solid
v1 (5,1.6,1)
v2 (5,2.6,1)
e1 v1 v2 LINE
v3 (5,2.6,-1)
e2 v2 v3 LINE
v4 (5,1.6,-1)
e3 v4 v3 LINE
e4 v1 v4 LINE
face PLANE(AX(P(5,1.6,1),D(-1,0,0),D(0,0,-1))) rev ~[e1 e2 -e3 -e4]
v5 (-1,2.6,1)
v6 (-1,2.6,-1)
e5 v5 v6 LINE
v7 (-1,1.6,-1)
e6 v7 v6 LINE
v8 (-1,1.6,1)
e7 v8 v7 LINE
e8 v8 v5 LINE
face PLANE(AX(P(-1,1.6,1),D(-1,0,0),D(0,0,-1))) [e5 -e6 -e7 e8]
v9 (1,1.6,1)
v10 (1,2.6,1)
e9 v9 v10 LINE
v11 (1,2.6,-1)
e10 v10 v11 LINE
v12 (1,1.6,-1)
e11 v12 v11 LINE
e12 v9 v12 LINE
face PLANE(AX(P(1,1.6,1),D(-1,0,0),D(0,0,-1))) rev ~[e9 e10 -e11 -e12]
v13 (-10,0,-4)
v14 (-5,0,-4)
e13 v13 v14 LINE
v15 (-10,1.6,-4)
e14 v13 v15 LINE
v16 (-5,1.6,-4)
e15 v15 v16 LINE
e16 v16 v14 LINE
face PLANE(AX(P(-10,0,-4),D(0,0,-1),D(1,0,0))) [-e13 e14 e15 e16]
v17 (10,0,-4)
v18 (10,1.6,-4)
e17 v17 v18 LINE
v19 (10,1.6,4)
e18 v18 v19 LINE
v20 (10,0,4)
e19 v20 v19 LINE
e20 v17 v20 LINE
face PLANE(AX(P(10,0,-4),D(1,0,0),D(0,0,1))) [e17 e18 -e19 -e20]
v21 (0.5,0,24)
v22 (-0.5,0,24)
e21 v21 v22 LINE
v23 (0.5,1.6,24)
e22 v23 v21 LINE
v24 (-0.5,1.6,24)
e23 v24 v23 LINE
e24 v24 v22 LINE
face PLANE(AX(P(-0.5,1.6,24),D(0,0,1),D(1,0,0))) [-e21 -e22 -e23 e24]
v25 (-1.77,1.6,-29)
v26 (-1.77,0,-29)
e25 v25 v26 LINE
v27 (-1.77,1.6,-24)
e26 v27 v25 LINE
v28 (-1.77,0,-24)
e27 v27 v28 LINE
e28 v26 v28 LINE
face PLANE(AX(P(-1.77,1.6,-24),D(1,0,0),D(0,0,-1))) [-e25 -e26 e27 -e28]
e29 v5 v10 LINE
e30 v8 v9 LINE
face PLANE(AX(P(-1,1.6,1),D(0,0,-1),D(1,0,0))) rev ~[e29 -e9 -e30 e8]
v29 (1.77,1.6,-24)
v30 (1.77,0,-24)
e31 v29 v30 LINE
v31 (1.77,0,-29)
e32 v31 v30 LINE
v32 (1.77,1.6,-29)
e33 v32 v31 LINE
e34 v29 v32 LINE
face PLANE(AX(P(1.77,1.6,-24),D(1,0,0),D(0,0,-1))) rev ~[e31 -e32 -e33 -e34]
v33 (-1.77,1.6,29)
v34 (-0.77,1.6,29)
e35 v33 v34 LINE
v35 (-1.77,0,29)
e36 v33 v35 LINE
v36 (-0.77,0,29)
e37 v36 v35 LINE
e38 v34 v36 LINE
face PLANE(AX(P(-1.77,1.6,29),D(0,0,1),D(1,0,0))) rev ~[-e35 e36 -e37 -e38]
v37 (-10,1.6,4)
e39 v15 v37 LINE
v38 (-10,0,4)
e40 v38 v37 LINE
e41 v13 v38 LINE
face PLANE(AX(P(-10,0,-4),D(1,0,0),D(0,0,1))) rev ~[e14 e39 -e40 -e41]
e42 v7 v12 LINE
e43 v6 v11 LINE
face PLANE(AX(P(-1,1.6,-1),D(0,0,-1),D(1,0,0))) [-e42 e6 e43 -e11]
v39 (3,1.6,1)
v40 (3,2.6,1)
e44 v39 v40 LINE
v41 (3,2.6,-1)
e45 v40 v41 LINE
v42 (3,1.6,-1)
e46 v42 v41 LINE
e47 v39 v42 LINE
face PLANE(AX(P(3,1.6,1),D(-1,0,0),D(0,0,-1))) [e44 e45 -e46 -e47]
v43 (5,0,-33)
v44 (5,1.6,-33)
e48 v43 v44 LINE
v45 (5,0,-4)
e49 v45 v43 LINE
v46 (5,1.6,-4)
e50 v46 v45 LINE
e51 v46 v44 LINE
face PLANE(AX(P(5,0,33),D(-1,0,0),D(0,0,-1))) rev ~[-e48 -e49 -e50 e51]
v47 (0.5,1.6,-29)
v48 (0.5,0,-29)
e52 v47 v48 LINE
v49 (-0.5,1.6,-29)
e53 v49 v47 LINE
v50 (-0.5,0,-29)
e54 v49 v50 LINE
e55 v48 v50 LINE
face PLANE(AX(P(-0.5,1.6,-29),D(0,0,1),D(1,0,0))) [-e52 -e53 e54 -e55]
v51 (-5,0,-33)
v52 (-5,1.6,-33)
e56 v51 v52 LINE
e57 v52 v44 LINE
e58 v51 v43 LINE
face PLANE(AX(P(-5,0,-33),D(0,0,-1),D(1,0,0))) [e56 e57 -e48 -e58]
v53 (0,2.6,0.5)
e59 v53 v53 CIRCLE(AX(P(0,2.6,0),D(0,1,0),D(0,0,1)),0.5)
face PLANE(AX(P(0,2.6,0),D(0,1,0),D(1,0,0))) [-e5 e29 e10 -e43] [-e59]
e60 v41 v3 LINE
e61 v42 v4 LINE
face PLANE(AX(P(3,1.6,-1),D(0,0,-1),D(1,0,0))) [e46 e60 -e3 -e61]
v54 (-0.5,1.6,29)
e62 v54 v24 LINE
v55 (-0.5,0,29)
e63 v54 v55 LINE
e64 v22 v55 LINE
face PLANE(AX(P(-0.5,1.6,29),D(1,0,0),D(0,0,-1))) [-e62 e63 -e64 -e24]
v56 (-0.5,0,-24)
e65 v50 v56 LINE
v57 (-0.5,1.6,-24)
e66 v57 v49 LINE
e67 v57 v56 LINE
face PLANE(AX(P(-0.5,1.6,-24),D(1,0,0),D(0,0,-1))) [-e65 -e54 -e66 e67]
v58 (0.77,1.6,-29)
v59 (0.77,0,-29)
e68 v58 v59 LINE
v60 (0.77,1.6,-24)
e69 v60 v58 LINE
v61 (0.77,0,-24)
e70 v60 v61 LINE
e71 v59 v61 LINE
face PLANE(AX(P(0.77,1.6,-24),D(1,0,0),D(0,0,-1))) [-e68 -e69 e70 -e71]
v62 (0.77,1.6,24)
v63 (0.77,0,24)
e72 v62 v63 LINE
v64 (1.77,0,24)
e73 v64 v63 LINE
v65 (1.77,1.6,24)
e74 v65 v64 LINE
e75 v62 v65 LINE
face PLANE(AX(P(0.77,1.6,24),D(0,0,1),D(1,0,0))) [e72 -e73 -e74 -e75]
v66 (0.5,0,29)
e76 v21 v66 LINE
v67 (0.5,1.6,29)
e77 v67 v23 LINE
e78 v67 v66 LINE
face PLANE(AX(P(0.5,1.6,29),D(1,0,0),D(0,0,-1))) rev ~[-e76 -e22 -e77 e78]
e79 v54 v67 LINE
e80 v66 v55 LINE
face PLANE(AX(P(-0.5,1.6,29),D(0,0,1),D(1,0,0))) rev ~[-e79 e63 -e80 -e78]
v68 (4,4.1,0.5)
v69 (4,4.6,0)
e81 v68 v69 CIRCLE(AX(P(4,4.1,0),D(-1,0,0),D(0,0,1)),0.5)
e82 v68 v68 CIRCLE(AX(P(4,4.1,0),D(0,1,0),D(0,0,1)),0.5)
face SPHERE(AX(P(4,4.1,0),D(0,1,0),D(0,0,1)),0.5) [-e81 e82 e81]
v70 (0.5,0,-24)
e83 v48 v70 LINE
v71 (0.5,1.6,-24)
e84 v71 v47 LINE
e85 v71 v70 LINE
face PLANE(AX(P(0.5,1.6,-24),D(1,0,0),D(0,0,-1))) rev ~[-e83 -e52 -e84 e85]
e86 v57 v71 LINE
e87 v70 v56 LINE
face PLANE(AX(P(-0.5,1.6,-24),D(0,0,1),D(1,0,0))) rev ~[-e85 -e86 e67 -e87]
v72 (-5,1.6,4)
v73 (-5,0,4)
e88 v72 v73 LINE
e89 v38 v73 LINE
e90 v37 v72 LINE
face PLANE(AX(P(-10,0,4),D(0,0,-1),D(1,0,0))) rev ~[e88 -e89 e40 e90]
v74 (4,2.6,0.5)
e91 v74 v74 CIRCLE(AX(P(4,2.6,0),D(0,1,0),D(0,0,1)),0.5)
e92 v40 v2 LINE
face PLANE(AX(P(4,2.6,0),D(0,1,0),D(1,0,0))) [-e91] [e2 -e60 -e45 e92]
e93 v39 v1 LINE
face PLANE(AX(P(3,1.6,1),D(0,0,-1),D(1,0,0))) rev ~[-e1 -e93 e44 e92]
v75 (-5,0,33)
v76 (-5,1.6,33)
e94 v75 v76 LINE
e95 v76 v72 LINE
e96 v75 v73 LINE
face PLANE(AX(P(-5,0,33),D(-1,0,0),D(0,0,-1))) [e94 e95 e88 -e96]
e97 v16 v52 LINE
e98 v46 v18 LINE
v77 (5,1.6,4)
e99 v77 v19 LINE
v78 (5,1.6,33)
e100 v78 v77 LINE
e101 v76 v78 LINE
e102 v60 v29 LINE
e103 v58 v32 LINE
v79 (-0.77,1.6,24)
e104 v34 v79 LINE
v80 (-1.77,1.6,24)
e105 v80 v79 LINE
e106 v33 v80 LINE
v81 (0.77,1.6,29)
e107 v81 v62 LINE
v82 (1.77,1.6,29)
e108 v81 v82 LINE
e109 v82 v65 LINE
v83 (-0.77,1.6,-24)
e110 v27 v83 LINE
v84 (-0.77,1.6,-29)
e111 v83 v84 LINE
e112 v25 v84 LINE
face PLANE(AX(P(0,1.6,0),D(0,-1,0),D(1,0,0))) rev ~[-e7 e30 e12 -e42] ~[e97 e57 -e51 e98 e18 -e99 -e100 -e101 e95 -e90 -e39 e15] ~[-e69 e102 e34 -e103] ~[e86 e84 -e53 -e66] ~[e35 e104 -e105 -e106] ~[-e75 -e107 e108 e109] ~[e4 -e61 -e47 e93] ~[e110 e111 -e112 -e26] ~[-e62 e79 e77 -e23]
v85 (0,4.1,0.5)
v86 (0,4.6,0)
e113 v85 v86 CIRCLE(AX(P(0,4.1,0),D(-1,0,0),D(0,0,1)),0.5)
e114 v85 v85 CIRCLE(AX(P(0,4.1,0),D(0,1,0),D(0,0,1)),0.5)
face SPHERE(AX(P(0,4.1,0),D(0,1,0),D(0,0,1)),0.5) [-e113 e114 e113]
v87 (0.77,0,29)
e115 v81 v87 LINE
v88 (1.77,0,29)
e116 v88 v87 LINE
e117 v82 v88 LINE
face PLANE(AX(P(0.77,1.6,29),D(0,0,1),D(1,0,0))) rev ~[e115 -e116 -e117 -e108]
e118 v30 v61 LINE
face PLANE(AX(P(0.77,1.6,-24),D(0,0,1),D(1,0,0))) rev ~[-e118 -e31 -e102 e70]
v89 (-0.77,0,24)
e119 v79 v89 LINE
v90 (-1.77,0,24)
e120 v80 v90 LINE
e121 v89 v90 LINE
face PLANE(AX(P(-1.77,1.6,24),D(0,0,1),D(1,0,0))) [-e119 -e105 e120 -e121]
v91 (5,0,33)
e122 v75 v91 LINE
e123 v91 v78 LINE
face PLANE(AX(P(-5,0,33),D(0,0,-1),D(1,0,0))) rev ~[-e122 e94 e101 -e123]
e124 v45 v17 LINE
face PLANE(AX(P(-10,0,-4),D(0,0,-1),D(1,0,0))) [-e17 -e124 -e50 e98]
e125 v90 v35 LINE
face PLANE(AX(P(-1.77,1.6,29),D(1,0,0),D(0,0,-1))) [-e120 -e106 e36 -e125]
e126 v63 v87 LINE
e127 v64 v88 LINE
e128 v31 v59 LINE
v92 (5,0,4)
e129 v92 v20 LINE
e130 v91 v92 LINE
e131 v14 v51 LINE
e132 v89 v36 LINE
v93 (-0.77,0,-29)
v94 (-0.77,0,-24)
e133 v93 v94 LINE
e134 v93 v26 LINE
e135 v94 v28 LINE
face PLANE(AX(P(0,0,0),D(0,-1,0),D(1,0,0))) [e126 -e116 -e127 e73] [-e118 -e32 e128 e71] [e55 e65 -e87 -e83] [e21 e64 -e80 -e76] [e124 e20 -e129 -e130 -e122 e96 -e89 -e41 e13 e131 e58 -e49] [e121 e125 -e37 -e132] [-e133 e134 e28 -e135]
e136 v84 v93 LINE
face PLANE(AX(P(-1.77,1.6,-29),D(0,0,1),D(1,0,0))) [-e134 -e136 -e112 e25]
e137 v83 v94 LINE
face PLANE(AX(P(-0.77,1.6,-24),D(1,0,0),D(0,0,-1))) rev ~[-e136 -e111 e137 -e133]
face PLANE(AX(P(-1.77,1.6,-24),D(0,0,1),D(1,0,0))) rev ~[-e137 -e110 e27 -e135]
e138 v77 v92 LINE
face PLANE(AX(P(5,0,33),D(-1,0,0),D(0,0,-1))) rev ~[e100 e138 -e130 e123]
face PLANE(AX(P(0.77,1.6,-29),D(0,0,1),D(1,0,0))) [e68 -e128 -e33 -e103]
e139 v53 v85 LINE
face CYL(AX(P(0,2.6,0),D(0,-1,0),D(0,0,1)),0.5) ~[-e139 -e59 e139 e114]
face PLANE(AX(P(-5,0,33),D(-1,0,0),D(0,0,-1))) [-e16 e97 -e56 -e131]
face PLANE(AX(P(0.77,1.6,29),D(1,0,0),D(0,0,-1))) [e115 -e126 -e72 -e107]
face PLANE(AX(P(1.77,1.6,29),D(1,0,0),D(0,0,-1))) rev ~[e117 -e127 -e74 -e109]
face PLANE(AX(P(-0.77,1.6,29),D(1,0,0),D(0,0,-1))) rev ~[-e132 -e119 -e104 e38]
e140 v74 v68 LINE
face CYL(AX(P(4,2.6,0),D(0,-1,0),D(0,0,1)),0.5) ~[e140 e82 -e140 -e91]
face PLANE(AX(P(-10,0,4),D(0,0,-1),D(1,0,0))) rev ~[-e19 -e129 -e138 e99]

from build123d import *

# Parameters (mm, degrees)
SKETCH2_W           = 10
SKETCH2_H           = 66
BOSS_EXTRUDE1_DEPTH = 1.6
CUT_EXTRUDE1_REACH  = 35.415
SKETCH3_W           = 1
SKETCH3_H           = 5
SKETCH4_W           = 20
SKETCH4_H           = 8
BOSS_EXTRUDE2_DEPTH = 1.6
SKETCH5_W           = 2
SKETCH5_H           = 2
BOSS_EXTRUDE3_DEPTH = 1
SKETCH6_R           = 0.5
BOSS_EXTRUDE4_DEPTH = 2
FILLET1_R           = 0.5


with BuildPart() as part:
    # Sketch2 → Boss-Extrude1 (new body)
    with BuildSketch(Plane(origin=(0, 0, 0), x_dir=(1, 0, 0), z_dir=(0, 1, 0))):
        Rectangle(SKETCH2_W, SKETCH2_H)
    extrude(amount=BOSS_EXTRUDE1_DEPTH)

    # Sketch3 → Cut-Extrude1 (cut, up to next)
    with BuildSketch(Plane(origin=(0, 1.6, 0), x_dir=(1, 0, 0), z_dir=(0, 1, 0)), mode=Mode.PRIVATE) as cut_extrude1_sk1:
        with Locations((1.27, 26.5)):
            Rectangle(SKETCH3_W, SKETCH3_H)
    cut_extrude1_tool1 = extrude(cut_extrude1_sk1.sketch, amount=-CUT_EXTRUDE1_REACH, mode=Mode.PRIVATE) & part.part
    # Sketch3 → Cut-Extrude1 (cut, up to next)
    with BuildSketch(Plane(origin=(0, 1.6, 0), x_dir=(1, 0, 0), z_dir=(0, 1, 0)), mode=Mode.PRIVATE) as cut_extrude1_sk2:
        with Locations((0, 26.5)):
            Rectangle(SKETCH3_W, SKETCH3_H)
    cut_extrude1_tool2 = extrude(cut_extrude1_sk2.sketch, amount=-CUT_EXTRUDE1_REACH, mode=Mode.PRIVATE) & part.part
    # Sketch3 → Cut-Extrude1 (cut, up to next)
    with BuildSketch(Plane(origin=(0, 1.6, 0), x_dir=(1, 0, 0), z_dir=(0, 1, 0)), mode=Mode.PRIVATE) as cut_extrude1_sk3:
        with Locations((-1.27, 26.5)):
            Rectangle(SKETCH3_W, SKETCH3_H)
    cut_extrude1_tool3 = extrude(cut_extrude1_sk3.sketch, amount=-CUT_EXTRUDE1_REACH, mode=Mode.PRIVATE) & part.part
    # Sketch3 → Cut-Extrude1 (cut, up to next)
    with BuildSketch(Plane(origin=(0, 1.6, 0), x_dir=(1, 0, 0), z_dir=(0, 1, 0)), mode=Mode.PRIVATE) as cut_extrude1_sk4:
        with Locations((-1.27, -26.5)):
            Rectangle(SKETCH3_W, SKETCH3_H)
    cut_extrude1_tool4 = extrude(cut_extrude1_sk4.sketch, amount=-CUT_EXTRUDE1_REACH, mode=Mode.PRIVATE) & part.part
    # Sketch3 → Cut-Extrude1 (cut, up to next)
    with BuildSketch(Plane(origin=(0, 1.6, 0), x_dir=(1, 0, 0), z_dir=(0, 1, 0)), mode=Mode.PRIVATE) as cut_extrude1_sk5:
        with Locations((1.27, -26.5)):
            Rectangle(SKETCH3_W, SKETCH3_H)
    cut_extrude1_tool5 = extrude(cut_extrude1_sk5.sketch, amount=-CUT_EXTRUDE1_REACH, mode=Mode.PRIVATE) & part.part
    # Sketch3 → Cut-Extrude1 (cut, up to next)
    with BuildSketch(Plane(origin=(0, 1.6, 0), x_dir=(1, 0, 0), z_dir=(0, 1, 0)), mode=Mode.PRIVATE) as cut_extrude1_sk6:
        with Locations((0, -26.5)):
            Rectangle(SKETCH3_W, SKETCH3_H)
    cut_extrude1_tool6 = extrude(cut_extrude1_sk6.sketch, amount=-CUT_EXTRUDE1_REACH, mode=Mode.PRIVATE) & part.part
    add(cut_extrude1_tool1.solids().sort_by_distance((1.27, 1.6, -26.5))[0], mode=Mode.SUBTRACT)
    add(cut_extrude1_tool2.solids().sort_by_distance((0, 1.6, -26.5))[0], mode=Mode.SUBTRACT)
    add(cut_extrude1_tool3.solids().sort_by_distance((-1.27, 1.6, -26.5))[0], mode=Mode.SUBTRACT)
    add(cut_extrude1_tool4.solids().sort_by_distance((-1.27, 1.6, 26.5))[0], mode=Mode.SUBTRACT)
    add(cut_extrude1_tool5.solids().sort_by_distance((1.27, 1.6, 26.5))[0], mode=Mode.SUBTRACT)
    add(cut_extrude1_tool6.solids().sort_by_distance((0, 1.6, 26.5))[0], mode=Mode.SUBTRACT)

    # Sketch4 → Boss-Extrude2 (add)
    with BuildSketch(Plane.XZ):
        Rectangle(SKETCH4_W, SKETCH4_H)
    extrude(amount=-BOSS_EXTRUDE2_DEPTH)

    # Sketch5 → Boss-Extrude3 (add)
    with BuildSketch(Plane(origin=(0, 1.6, 0), x_dir=(1, 0, 0), z_dir=(0, 1, 0))):
        Rectangle(SKETCH5_W, SKETCH5_H)
        with Locations((4, 0)):
            Rectangle(SKETCH5_W, SKETCH5_H)
    extrude(amount=BOSS_EXTRUDE3_DEPTH)

    # Sketch6 → Boss-Extrude4 (add)
    with BuildSketch(Plane(origin=(0, 2.6, 0), x_dir=(1, 0, 0), z_dir=(0, 1, 0))):
        with Locations(Location((0, 0, 0), (0, 0, 270))):
            Circle(SKETCH6_R)
        with Locations(Location((4, 0, 0), (0, 0, 270))):
            Circle(SKETCH6_R)
    extrude(amount=BOSS_EXTRUDE4_DEPTH)

    # Fillet1
    fillet1_edges = [part.edges().sort_by_distance(p)[0] for p in [
        (0, 4.6, -0.5),
        (4, 4.6, -0.5),
    ]]
    fillet(fillet1_edges, radius=FILLET1_R)


solid = part.part
